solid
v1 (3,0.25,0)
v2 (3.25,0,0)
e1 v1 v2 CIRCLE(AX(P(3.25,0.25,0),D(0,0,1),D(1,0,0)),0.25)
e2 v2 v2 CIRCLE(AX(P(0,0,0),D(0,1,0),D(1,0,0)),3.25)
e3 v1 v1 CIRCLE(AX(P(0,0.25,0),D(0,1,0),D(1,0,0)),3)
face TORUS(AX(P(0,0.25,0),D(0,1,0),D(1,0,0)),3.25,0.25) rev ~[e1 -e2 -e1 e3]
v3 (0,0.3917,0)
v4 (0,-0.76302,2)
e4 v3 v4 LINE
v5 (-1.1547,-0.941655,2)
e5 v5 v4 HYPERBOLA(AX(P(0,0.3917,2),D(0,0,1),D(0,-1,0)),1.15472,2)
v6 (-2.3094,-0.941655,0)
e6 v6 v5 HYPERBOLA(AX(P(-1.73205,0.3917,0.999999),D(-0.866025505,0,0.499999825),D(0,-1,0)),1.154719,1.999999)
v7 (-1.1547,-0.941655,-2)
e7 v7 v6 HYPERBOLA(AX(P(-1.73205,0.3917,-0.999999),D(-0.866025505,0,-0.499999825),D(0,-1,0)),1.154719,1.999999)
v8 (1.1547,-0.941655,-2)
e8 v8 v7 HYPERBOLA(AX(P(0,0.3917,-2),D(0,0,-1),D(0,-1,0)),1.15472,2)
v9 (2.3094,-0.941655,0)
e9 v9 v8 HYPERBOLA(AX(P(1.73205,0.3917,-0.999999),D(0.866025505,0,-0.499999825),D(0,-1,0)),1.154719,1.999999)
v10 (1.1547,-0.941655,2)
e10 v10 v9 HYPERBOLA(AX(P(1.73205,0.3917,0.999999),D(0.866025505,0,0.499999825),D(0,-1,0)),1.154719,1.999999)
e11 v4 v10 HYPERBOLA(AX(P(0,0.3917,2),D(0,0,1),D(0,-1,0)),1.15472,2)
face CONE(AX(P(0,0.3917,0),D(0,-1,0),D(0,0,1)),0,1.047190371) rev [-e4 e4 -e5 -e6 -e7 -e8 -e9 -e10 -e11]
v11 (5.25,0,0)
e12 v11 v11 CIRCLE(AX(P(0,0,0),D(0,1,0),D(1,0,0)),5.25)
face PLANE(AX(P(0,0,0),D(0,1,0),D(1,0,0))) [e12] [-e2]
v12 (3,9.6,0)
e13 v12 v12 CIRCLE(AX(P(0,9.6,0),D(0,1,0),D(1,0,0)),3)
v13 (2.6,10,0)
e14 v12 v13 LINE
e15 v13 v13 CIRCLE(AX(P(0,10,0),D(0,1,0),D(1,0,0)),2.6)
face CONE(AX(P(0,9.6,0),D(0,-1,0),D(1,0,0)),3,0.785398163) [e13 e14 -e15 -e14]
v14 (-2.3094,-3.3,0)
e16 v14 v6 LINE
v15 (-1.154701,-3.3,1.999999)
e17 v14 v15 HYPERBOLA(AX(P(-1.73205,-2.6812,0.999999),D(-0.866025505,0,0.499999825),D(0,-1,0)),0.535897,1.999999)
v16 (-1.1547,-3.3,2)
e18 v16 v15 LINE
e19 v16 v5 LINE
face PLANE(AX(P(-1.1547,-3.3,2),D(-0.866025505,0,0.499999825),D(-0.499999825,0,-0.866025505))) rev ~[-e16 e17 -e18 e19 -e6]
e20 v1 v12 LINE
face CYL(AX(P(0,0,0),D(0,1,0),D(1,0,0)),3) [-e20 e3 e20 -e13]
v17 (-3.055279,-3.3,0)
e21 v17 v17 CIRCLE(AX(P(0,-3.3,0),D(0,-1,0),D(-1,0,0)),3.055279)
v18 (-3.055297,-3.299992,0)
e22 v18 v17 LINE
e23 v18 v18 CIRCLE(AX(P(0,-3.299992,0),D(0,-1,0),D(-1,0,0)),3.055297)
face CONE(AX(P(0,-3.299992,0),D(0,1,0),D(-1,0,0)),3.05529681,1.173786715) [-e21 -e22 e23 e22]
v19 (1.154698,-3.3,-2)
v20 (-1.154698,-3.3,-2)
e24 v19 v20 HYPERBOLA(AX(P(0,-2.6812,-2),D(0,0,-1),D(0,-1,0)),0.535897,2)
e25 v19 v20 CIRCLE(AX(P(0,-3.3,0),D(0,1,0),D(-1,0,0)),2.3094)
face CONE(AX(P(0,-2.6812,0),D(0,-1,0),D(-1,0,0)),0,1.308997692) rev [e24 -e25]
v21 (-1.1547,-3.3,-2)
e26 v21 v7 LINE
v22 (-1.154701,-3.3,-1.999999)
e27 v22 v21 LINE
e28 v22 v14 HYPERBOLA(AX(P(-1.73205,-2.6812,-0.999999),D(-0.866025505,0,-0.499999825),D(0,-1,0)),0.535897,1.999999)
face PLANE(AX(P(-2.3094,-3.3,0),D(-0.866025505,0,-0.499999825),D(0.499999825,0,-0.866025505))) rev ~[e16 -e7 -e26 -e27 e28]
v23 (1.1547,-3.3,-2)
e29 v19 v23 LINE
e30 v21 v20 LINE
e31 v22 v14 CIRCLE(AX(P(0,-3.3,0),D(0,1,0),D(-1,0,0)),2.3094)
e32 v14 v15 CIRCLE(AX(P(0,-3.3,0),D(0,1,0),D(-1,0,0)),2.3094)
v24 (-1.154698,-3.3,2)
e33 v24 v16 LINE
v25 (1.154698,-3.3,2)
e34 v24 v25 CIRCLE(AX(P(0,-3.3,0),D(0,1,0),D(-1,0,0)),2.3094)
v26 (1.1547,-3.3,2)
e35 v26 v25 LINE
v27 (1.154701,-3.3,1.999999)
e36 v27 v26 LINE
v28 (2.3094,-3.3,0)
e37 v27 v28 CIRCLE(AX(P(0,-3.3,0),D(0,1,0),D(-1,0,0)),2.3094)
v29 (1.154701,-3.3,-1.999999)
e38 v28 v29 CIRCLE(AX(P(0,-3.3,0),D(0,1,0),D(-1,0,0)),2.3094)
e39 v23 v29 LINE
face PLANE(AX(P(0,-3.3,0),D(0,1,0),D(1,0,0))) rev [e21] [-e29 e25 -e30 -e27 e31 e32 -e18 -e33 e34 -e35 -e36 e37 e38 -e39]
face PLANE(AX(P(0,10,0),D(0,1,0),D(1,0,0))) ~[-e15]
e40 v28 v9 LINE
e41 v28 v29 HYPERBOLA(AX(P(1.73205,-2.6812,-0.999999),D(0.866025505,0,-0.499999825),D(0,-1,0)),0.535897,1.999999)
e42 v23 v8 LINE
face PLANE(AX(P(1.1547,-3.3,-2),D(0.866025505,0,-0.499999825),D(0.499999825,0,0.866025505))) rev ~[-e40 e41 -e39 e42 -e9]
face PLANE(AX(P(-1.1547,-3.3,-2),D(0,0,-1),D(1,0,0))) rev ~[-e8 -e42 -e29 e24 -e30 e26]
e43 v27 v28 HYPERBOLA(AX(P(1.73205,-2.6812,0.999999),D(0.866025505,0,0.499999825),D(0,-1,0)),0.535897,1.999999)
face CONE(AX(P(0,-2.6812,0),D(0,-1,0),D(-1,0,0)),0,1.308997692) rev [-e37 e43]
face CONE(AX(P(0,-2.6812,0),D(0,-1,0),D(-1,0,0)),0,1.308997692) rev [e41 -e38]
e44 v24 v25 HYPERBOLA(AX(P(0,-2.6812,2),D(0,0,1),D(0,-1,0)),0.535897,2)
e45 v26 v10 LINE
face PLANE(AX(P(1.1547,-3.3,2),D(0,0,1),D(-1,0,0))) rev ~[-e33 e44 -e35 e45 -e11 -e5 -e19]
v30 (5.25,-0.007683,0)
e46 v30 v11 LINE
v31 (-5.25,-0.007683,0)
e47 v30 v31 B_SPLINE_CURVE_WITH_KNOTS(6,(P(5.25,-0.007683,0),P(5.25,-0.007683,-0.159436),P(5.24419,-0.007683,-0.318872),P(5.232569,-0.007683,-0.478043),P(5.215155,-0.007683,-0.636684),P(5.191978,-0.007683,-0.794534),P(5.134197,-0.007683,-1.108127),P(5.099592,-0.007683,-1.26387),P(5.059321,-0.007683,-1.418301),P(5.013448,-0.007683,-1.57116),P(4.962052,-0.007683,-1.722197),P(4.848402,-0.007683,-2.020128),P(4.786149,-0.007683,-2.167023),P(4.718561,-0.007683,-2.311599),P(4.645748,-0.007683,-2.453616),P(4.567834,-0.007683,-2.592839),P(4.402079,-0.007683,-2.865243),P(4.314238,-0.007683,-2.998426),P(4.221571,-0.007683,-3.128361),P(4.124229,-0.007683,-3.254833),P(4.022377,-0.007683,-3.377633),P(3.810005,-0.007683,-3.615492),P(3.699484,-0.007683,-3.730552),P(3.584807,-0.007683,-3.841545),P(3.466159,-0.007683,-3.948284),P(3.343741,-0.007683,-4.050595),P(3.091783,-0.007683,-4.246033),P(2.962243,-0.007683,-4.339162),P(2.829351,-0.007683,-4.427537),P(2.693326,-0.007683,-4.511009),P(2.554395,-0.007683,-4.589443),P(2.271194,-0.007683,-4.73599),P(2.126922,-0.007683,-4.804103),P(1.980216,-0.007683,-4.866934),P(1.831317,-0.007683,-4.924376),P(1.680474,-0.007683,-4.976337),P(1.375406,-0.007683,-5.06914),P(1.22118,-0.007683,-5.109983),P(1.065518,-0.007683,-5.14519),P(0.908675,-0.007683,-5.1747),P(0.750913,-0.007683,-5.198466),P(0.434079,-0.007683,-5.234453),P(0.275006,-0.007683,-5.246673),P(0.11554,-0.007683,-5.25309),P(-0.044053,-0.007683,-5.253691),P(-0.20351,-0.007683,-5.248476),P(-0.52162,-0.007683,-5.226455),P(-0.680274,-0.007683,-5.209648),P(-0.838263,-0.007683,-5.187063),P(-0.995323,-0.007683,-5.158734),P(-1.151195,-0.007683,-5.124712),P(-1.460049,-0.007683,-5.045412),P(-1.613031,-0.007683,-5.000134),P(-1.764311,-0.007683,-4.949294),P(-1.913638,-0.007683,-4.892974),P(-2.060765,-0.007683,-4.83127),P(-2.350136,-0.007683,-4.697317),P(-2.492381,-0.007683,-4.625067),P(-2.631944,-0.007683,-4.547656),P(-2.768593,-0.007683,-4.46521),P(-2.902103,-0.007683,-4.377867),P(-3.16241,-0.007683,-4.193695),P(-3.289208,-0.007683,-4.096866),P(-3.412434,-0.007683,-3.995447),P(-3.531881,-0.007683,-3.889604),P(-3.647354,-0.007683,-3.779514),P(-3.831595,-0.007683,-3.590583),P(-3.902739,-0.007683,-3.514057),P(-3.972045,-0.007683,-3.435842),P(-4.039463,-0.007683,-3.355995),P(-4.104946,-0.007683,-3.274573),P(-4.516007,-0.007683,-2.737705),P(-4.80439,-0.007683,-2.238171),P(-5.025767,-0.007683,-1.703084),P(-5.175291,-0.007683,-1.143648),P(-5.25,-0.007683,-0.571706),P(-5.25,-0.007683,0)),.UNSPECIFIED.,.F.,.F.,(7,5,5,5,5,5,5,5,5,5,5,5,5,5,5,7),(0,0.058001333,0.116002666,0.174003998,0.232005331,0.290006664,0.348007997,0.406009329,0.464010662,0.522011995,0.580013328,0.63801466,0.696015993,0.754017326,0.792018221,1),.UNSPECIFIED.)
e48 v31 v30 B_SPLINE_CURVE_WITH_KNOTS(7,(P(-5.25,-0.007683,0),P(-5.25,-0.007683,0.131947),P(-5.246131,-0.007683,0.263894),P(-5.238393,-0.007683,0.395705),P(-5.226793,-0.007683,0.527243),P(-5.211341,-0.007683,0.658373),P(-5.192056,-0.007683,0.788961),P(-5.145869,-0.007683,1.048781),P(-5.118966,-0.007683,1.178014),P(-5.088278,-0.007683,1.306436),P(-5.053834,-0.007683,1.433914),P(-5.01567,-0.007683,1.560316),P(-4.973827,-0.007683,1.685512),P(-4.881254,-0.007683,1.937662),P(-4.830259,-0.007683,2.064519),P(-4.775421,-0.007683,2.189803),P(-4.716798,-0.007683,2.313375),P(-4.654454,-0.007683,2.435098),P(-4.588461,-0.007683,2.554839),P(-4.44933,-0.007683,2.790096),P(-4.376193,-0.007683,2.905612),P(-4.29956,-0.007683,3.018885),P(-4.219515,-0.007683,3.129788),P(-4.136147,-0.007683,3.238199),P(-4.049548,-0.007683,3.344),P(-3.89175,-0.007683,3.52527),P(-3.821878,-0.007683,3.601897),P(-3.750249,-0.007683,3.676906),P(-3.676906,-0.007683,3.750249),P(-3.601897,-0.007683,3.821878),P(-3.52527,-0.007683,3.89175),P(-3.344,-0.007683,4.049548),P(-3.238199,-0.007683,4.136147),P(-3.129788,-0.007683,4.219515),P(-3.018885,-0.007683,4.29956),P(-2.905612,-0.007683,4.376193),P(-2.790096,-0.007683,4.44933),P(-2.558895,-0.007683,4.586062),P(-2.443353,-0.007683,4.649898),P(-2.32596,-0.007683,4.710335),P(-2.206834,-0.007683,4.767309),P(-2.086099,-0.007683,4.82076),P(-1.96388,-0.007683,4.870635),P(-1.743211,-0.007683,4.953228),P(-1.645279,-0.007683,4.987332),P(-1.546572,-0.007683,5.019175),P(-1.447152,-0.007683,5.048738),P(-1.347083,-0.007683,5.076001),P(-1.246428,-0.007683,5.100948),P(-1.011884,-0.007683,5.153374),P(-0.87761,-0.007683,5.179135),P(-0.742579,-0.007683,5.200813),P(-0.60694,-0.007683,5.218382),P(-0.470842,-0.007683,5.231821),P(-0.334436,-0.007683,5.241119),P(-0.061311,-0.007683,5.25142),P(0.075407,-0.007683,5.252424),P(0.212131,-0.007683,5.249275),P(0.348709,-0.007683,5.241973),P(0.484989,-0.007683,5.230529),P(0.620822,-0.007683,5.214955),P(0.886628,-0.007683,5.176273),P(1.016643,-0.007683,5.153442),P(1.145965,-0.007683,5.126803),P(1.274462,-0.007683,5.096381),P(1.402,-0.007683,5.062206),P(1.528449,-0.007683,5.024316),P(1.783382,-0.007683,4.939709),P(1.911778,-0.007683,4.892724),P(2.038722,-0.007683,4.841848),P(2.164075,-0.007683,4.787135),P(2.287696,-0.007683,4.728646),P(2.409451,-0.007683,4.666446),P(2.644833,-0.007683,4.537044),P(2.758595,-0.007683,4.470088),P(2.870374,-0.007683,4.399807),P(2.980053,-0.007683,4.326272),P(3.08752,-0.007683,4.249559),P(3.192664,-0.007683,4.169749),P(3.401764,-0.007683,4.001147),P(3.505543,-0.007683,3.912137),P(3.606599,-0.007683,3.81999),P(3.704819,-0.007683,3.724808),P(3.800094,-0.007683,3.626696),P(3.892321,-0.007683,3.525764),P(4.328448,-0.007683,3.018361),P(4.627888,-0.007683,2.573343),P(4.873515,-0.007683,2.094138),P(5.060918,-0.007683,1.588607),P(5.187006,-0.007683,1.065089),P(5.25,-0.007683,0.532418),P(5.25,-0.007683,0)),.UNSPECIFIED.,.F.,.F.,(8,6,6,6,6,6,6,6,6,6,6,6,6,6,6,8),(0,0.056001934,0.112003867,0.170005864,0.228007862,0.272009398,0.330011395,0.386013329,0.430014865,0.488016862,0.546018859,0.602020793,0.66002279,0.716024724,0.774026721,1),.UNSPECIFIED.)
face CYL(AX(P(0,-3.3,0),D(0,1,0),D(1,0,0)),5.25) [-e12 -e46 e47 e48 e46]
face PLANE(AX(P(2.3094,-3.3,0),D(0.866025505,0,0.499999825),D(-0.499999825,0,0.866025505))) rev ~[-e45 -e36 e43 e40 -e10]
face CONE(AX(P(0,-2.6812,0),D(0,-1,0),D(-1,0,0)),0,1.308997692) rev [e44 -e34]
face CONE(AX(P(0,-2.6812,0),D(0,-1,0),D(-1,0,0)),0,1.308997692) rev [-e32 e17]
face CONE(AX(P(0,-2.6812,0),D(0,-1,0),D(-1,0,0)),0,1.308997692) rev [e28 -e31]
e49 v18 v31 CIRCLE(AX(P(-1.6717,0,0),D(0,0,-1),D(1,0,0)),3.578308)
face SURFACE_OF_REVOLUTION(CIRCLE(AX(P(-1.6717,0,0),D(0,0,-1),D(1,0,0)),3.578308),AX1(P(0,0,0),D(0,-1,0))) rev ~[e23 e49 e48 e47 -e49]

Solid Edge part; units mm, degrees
sketch "Sketch1" plane through (0, 0, 0) normal (0, 0, 1) x (1, 0, 0)
  line L0 (3, 0) -> (3, 10)
  line L1 (0, 10) -> (3, 10)
  line L2 (0, 0) -> (0, 10)
  line L3 (0, 0) -> (0, -3.3)
  line L4 (0, -3.3) -> (5.25, -3.3)
  line L5 (5.25, -3.3) -> (5.25, 0)
  line L6 (5.25, 0) -> (3, 0)
revolve "RevolvedProtrusion1" add sketch "Sketch1" angle 360 about axis through (0, 0, 0) along (0, 1, 0)
sketch "Sketch2" plane through (0, 0, 0) normal (1, 0, 0) x (0, 1, 0)
  line L0 (-3.3, 2.7915) -> (-1.22, 2.7915)
  line L1 (0.3917, 0) -> (-1.22, 2.7915)
  line L2 (-3.3, 0) -> (0.3917, 0)
  line L3 (-3.3, 0) -> (-3.3, 2.7915)
revolve "RevolvedCutout1" cut sketch "Sketch2" angle 360 about axis through (0, -4.5, 0) along (0, 1, 0)
sketch "Sketch3" plane through (0, -3.3, 0) normal (0, -1, 0) x (0, 0, 1)
  circle A0 centre (0, 0) radius 2.7915
  line L0 (-2, -1.1547) -> (0, -2.3094)
  line L1 (0, -2.3094) -> (2, -1.1547)
  line L2 (2, -1.1547) -> (2, 1.1547)
  line L3 (2, 1.1547) -> (0, 2.3094)
  line L4 (0, 2.3094) -> (-2, 1.1547)
  line L5 (-2, 1.1547) -> (-2, -1.1547)
  dimension "D1" = 4
extrude "Protrusion1" add sketch "Sketch3" against normal up to next
sketch "Sketch4" plane through (0, 0, 0) normal (0, 0, 1) x (1, 0, 0)
  line L0 (-2.3094, -3.3) -> (0, -3.3)
  line L1 (0, -3.3) -> (0, -2.6812)
  line L2 (0, -2.6812) -> (-2.3094, -3.3)
revolve "RevolvedCutout2" cut sketch "Sketch4" angle 360 about axis through (0, -4.5, 0) along (0, 1, 0)
fillet "Round1" radius 0.25 1 edges at (0, 0, -3)
chamfer "倒斜角_2" distance 0.4 angle 45 1 edges at (0, 10, -3)
cosmetic_thread "螺纹_3" size "M6" thread depth 8
sketch "Sketch5" plane through (0, 0, 0) normal (0, 0, 1) x (1, 0, 0)
  arc A0 (-3.0553, -3.3) -> (-5.25, 0) centre (-1.6717, 0) cw
revolve "RevolvedCutout3" cut sketch "Sketch5" angle 360 about axis through (0, 0, 0) along (0, -1, 0) material side at (-4.6929, -2.0093, 0)
